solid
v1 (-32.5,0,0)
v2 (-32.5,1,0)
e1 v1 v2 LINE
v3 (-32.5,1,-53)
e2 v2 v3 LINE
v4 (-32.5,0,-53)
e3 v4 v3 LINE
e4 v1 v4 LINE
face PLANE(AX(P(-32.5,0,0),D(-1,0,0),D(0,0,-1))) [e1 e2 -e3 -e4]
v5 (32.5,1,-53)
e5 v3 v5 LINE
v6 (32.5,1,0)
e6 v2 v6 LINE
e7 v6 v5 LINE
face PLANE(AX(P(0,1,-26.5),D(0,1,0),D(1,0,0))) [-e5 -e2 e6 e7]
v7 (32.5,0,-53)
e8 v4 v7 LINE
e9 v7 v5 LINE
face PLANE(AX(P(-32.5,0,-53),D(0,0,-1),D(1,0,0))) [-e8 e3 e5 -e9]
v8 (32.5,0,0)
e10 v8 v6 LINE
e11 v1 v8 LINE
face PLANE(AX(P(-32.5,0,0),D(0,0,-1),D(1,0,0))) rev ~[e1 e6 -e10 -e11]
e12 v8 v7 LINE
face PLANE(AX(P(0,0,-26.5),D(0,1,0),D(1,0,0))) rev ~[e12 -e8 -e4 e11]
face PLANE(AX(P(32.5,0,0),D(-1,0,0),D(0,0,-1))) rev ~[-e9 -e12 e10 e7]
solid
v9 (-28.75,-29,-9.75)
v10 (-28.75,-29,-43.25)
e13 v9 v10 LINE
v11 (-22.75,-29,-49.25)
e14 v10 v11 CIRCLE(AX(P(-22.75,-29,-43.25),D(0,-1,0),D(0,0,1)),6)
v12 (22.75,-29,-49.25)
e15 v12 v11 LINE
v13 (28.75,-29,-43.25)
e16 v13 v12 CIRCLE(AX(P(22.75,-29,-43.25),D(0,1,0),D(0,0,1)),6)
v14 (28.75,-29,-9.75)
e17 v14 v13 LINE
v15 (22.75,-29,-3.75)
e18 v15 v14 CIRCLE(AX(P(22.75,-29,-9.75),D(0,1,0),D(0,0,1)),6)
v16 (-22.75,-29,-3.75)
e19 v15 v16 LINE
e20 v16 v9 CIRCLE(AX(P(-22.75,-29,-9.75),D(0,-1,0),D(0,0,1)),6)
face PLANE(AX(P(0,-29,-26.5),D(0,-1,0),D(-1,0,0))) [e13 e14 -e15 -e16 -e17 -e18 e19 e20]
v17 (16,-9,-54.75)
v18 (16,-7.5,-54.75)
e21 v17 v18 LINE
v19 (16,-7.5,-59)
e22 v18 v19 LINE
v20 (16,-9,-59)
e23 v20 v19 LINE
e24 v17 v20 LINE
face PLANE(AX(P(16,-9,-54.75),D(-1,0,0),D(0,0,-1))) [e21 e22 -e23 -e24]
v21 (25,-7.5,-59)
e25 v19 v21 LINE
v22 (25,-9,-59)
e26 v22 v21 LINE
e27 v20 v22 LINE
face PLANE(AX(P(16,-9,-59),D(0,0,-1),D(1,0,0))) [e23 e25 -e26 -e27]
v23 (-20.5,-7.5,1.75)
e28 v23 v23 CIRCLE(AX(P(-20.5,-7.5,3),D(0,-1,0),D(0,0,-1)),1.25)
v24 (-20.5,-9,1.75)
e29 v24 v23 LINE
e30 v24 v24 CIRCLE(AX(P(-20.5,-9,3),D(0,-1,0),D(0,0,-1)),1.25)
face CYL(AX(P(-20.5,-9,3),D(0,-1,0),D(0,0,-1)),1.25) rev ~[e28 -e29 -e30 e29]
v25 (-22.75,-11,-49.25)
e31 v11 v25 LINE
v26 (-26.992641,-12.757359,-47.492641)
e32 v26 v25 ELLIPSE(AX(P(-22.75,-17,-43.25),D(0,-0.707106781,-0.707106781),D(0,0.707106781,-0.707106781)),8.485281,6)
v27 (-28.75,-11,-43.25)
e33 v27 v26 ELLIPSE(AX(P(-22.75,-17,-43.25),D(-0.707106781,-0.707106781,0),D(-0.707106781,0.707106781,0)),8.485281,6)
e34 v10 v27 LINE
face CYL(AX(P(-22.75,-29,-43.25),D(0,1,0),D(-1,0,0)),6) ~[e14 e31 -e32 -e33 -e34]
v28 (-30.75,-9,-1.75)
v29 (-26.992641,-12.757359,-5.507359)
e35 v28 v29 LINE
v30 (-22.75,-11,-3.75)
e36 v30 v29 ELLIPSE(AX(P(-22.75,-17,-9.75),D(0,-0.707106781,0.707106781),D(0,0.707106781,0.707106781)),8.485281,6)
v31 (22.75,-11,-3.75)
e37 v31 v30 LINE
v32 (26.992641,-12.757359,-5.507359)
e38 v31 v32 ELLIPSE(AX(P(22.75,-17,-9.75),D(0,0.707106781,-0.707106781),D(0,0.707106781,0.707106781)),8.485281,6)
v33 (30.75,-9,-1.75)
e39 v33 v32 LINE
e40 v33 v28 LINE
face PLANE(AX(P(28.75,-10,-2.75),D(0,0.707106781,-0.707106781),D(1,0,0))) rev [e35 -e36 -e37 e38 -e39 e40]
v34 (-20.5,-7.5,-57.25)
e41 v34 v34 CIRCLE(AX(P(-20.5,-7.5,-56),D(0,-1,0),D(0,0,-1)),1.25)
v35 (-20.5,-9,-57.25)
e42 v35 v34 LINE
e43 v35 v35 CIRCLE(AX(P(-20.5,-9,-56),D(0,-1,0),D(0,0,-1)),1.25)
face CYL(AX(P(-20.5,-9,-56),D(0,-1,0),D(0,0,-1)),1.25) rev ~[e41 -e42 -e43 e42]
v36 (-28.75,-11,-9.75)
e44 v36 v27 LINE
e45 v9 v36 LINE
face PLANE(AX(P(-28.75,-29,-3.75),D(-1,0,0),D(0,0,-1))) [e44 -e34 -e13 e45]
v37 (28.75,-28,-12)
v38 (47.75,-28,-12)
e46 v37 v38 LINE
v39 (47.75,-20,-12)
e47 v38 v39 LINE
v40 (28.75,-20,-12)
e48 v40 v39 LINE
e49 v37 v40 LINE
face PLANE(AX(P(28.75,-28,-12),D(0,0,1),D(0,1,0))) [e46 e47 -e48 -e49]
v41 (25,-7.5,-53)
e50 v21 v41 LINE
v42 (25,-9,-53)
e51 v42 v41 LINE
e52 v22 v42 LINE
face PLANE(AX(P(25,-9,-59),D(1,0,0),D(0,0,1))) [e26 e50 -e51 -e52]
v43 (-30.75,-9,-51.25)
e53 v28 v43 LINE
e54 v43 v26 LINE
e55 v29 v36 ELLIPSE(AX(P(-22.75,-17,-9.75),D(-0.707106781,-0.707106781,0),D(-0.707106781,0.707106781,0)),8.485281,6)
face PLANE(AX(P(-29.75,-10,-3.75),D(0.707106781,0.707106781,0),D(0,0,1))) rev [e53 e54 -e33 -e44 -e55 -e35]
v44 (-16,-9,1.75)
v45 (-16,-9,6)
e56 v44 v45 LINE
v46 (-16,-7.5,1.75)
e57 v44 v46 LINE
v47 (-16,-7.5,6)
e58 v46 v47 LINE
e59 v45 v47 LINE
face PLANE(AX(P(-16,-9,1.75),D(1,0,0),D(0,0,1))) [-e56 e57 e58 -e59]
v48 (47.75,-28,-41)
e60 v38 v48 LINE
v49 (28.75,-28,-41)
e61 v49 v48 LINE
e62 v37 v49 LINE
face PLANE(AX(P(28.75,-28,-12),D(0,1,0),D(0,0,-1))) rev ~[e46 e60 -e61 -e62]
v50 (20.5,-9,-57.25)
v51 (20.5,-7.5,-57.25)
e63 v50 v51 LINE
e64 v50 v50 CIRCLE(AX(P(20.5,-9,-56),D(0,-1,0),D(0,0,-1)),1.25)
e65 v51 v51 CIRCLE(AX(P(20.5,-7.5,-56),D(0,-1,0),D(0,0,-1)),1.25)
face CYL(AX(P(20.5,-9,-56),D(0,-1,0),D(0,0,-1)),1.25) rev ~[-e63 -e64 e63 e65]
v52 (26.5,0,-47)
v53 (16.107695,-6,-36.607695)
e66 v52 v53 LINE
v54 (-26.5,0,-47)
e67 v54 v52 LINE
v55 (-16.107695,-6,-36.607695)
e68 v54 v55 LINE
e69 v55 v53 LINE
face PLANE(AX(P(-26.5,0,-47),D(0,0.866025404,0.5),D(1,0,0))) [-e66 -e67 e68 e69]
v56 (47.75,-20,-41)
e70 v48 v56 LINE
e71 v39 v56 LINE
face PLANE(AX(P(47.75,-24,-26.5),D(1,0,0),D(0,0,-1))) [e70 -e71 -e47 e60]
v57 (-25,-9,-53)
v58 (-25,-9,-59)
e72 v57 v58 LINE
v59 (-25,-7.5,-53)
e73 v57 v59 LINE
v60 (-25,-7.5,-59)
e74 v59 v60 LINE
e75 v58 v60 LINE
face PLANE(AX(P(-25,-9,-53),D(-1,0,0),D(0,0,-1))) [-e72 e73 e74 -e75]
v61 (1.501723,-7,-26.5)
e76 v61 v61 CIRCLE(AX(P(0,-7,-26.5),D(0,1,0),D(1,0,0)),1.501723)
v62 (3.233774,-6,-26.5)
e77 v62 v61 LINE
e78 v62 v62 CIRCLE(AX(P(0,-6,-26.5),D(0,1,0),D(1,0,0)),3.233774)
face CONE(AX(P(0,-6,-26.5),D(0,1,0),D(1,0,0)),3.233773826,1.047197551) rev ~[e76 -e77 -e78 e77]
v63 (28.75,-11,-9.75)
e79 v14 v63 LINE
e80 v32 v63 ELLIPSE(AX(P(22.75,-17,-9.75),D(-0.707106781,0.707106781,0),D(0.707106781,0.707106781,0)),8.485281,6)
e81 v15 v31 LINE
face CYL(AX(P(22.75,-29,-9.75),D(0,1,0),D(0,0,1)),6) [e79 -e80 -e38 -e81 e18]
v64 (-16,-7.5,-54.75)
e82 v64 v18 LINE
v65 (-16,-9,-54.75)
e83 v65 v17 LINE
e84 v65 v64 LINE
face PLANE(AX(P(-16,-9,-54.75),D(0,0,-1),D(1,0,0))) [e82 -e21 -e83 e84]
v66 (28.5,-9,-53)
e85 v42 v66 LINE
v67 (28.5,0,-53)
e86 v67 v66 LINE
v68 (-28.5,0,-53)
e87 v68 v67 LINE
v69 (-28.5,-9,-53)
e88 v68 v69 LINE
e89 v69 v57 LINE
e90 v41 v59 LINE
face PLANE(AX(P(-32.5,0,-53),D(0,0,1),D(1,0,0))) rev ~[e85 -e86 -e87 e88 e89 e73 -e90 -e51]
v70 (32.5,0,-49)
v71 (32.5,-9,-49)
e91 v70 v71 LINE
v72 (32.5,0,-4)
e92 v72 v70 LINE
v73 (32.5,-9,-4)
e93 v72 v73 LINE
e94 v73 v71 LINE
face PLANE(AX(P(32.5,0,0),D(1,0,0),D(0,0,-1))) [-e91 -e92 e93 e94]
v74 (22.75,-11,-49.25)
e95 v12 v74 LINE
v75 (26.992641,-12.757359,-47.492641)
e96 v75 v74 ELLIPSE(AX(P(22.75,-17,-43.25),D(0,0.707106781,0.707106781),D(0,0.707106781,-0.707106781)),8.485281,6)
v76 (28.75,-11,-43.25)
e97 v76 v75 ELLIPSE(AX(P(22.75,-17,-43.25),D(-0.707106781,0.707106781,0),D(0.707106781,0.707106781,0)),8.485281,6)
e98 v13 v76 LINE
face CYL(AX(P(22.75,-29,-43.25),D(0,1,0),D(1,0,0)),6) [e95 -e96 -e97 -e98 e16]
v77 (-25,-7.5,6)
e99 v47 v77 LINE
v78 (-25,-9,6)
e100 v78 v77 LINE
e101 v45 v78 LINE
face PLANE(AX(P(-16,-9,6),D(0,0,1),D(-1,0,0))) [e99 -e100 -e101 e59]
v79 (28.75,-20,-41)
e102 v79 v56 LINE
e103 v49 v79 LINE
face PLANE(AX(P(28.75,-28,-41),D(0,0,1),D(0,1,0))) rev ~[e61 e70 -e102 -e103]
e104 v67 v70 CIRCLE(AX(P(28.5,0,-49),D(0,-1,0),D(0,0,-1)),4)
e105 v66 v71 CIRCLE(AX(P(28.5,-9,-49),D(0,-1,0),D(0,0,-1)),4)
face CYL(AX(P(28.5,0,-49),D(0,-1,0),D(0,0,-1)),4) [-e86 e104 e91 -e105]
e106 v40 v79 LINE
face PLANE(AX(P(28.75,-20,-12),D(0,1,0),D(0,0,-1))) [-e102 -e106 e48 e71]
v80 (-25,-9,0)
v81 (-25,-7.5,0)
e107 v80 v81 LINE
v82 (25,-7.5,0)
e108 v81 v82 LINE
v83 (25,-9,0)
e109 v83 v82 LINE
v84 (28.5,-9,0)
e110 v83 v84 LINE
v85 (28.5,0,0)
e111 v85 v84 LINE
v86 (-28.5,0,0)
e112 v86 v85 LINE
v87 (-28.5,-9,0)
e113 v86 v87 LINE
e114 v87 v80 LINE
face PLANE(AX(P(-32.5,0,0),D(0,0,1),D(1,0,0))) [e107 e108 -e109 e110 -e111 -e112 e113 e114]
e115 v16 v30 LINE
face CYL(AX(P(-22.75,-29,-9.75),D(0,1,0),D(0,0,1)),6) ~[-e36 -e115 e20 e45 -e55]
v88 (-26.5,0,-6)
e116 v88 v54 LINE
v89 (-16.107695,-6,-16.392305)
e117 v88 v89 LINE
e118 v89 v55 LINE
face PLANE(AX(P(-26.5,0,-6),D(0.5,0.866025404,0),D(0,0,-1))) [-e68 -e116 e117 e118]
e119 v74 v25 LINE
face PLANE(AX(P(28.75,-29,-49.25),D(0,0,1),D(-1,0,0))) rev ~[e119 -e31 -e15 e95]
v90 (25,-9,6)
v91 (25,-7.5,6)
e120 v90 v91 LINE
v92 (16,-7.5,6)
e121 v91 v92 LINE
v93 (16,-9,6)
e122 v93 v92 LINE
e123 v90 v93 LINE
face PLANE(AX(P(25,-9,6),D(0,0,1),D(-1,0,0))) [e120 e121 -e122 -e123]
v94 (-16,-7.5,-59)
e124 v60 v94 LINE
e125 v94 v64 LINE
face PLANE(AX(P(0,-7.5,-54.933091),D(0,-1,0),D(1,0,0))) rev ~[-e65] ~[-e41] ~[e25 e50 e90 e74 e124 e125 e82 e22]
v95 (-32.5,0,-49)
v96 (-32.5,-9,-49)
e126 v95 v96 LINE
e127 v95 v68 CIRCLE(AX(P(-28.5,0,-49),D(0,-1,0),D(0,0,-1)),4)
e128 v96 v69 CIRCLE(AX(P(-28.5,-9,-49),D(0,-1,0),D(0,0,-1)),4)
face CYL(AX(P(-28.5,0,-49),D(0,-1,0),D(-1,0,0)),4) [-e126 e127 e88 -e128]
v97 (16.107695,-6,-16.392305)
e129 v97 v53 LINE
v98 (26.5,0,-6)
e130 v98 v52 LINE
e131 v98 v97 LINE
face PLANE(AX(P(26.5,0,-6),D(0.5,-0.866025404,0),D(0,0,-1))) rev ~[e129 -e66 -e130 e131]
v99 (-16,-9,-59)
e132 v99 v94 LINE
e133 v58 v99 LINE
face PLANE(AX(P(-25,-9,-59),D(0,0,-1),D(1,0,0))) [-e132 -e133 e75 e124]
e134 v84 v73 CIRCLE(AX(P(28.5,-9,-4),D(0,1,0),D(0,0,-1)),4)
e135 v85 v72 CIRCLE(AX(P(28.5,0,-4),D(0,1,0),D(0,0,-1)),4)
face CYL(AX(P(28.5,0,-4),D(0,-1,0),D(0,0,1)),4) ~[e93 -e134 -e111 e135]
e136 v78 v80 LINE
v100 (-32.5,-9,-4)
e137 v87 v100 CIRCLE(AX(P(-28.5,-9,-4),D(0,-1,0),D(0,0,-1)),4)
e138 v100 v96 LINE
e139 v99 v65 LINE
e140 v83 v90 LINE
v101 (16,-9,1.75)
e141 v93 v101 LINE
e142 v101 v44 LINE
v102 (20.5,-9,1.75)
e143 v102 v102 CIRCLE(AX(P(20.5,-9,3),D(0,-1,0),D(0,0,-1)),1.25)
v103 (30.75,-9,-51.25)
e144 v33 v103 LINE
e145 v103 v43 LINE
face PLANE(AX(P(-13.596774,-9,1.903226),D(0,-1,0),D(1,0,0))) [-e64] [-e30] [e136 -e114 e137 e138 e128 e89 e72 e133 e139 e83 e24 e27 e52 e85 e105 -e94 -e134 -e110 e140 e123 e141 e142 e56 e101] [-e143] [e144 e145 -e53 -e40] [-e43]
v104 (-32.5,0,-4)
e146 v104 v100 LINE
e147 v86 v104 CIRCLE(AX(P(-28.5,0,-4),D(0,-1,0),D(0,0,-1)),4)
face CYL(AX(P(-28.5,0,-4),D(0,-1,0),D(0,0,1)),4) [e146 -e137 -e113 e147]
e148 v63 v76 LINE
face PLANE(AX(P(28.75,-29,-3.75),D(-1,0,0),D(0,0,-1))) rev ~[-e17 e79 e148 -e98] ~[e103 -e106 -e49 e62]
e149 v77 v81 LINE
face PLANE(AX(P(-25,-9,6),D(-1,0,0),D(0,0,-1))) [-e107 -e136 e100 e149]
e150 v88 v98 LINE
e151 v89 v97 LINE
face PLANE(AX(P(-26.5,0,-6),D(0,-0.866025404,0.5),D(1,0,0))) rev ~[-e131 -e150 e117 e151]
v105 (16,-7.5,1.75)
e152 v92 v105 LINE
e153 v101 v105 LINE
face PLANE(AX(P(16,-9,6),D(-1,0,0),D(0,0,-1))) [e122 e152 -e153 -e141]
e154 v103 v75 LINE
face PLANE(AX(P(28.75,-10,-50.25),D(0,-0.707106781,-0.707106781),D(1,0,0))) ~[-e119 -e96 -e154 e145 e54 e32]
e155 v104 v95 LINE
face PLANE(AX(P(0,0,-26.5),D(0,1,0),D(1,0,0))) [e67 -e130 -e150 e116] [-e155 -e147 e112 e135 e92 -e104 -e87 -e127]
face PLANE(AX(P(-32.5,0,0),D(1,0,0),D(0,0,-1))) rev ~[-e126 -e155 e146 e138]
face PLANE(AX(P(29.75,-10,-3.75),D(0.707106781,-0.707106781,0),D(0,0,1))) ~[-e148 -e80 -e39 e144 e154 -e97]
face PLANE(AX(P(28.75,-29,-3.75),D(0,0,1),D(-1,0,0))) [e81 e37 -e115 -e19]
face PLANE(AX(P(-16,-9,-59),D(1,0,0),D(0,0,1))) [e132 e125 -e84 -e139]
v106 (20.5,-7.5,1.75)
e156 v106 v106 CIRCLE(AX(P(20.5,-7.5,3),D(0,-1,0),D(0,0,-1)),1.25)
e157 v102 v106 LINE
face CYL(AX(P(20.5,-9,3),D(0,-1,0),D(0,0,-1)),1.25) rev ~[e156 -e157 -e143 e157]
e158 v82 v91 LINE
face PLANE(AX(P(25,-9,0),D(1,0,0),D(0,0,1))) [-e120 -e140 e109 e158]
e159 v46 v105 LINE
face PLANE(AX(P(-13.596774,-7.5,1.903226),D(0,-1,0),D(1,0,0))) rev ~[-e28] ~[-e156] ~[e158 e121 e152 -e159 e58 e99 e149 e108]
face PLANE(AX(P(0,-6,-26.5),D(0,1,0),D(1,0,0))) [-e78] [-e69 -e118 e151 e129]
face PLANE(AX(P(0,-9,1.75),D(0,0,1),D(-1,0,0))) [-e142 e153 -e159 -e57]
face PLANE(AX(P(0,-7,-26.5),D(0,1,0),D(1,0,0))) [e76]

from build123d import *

# Parameters (mm, degrees)
SKETCH_1_W          = 65
SKETCH_1_H          = 53
EXTRUDE_1_DEPTH     = 9
SKETCH_3_R          = 1.25
EXTRUDE_2_DEPTH     = 1.5
SKETCH_4_W          = 57.5
SKETCH_4_H          = 45.5
EXTRUDE_3_DEPTH     = 20
CHAMFER_1_SIZE      = 2
SKETCH_5_W          = 53
SKETCH_5_H          = 41
CUT_EXTRUDE_1_DEPTH = 6
CUT_EXTRUDE_1_DRAFT = -60
SKETCH_6_W          = 65
SKETCH_6_H          = 53
EXTRUDE_4_DEPTH     = 1
SKETCH_7_R          = 3.233773826
CUT_EXTRUDE_2_DEPTH = 1
CUT_EXTRUDE_2_DRAFT = -60
SKETCH_8_W          = 29
SKETCH_8_H          = 8
EXTRUDE_5_DEPTH     = 19
FILLET_1_R          = 4
FILLET_2_R          = 6


with BuildPart() as part:
    # 草图1 → 凸台-拉伸1 (new body)
    with BuildSketch(Plane(origin=(0, 0, 0), x_dir=(1, 0, 0), z_dir=(0, 1, 0))):
        with Locations((0, 26.5)):
            Rectangle(SKETCH_1_W, SKETCH_1_H)
    extrude(amount=-EXTRUDE_1_DEPTH)

    # 草图3 → 凸台-拉伸2 (add)
    # profile 1 of 3: a face of its own
    with BuildSketch(Plane.XZ.offset(9)):
        Polygon((25, -59), (25, -53), (-25, -53), (-25, -59), (-16, -59), (-16, -54.75), (16, -54.75), (16, -59), align=None)
        with Locations(Location((-20.5, -56, 0), (0, 0, 270))):
            Circle(SKETCH_3_R, mode=Mode.SUBTRACT)
        with Locations(Location((20.5, -56, 0), (0, 0, 270))):
            Circle(SKETCH_3_R, mode=Mode.SUBTRACT)
    # profile 2 of 3: a face of its own
    with BuildSketch(Plane.XZ.offset(9)):
        Polygon((-25, 6), (-25, 0), (0, 0), (0, 1.75), (-16, 1.75), (-16, 6), align=None)
        with Locations(Location((-20.5, 3, 0), (0, 0, 270))):
            Circle(SKETCH_3_R, mode=Mode.SUBTRACT)
    # profile 3 of 3: a face of its own
    with BuildSketch(Plane.XZ.offset(9)):
        Polygon((0, 1.75), (0, 0), (25, 0), (25, 6), (16, 6), (16, 1.75), align=None)
        with Locations(Location((20.5, 3, 0), (0, 0, 270))):
            Circle(SKETCH_3_R, mode=Mode.SUBTRACT)
    extrude(amount=-EXTRUDE_2_DEPTH)

    # 草图4 → 凸台-拉伸3 (add)
    with BuildSketch(Plane(origin=(0, -29, 0), x_dir=(-1, 0, 0), z_dir=(0, -1, 0))):
        with Locations((0, 26.5)):
            Rectangle(SKETCH_4_W, SKETCH_4_H)
    extrude(amount=-EXTRUDE_3_DEPTH)

    # 倒角1
    chamfer_1_edges = [part.edges().sort_by_distance(p)[0] for p in [
        (0, -9, -3.75),
        (-28.75, -9, -26.5),
        (0, -9, -49.25),
        (28.75, -9, -26.5),
    ]]
    chamfer(chamfer_1_edges, length=CHAMFER_1_SIZE)


with BuildPart() as cut_extrude_1_tool:
    # 草图5 → 切除-拉伸1 (with draft: the straight prism first)
    with BuildSketch(Plane(origin=(0, 0, 0), x_dir=(1, 0, 0), z_dir=(0, 1, 0))):
        with Locations((0, 26.5)):
            Rectangle(SKETCH_5_W, SKETCH_5_H)
    extrude(amount=-CUT_EXTRUDE_1_DEPTH)
    # 切除-拉伸1: the draft: its side faces are tilted about the plane it starts from
    cut_extrude_1_sides = [cut_extrude_1_tool.faces().sort_by_distance(p)[0] for p in [
        (-26.5, -3, -26.5),
        (0, -3, -6),
        (26.5, -3, -26.5),
        (0, -3, -47),
    ]]
    draft(cut_extrude_1_sides, Plane(origin=(0, 0, 0), x_dir=(1, 0, 0), z_dir=(0, 1, 0)), CUT_EXTRUDE_1_DRAFT)


with BuildPart() as part_1:
    add(part.part)

    # 切除-拉伸1: cut by cut_extrude_1_tool
    add(cut_extrude_1_tool.part, mode=Mode.SUBTRACT)


with BuildPart() as body_2:
    # 草图6 → 凸台-拉伸4 (new body)
    with BuildSketch(Plane(origin=(0, 0, 0), x_dir=(1, 0, 0), z_dir=(0, 1, 0))):
        with Locations((0, 26.5)):
            Rectangle(SKETCH_6_W, SKETCH_6_H)
    extrude(amount=EXTRUDE_4_DEPTH)


with BuildPart() as cut_extrude_2_tool:
    # 草图7 → 切除-拉伸2 (with draft: the straight prism first)
    with BuildSketch(Plane(origin=(0, -6, 0), x_dir=(1, 0, 0), z_dir=(0, 1, 0))):
        with Locations((0, 26.5)):
            Circle(SKETCH_7_R)
    extrude(amount=-CUT_EXTRUDE_2_DEPTH)
    # 切除-拉伸2: the draft: its side faces are tilted about the plane it starts from
    cut_extrude_2_sides = [cut_extrude_2_tool.faces().sort_by_distance(p)[0] for p in [
        (-3.233773826, -6.5, -26.5),
    ]]
    draft(cut_extrude_2_sides, Plane(origin=(0, -6, 0), x_dir=(1, 0, 0), z_dir=(0, 1, 0)), CUT_EXTRUDE_2_DRAFT)


with BuildPart() as part_2:
    add(part_1.part)

    # 切除-拉伸2: cut by cut_extrude_2_tool
    add(cut_extrude_2_tool.part, mode=Mode.SUBTRACT)

    # 草图8 → 凸台-拉伸5 (add)
    with BuildSketch(Plane(origin=(28.75, 0, 0), x_dir=(0, 0, -1), z_dir=(1, 0, 0))):
        with Locations((26.5, -24)):
            Rectangle(SKETCH_8_W, SKETCH_8_H)
    extrude(amount=EXTRUDE_5_DEPTH)

    # 圆角1
    fillet_1_edges = [part_2.edges().sort_by_distance(p)[0] for p in [
        (-32.5, -4.5, -53),
        (32.5, -4.5, -53),
        (32.5, -4.5, 0),
        (-32.5, -4.5, 0),
    ]]
    fillet(fillet_1_edges, radius=FILLET_1_R)

    # 圆角2
    fillet_2_edges = [part_2.edges().sort_by_distance(p)[0] for p in [
        (28.75, -20, -49.25),
        (28.75, -20, -3.75),
        (-28.75, -20, -49.25),
        (-28.75, -20, -3.75),
    ]]
    fillet(fillet_2_edges, radius=FILLET_2_R)


solid = Compound([body_2.part, part_2.part])
